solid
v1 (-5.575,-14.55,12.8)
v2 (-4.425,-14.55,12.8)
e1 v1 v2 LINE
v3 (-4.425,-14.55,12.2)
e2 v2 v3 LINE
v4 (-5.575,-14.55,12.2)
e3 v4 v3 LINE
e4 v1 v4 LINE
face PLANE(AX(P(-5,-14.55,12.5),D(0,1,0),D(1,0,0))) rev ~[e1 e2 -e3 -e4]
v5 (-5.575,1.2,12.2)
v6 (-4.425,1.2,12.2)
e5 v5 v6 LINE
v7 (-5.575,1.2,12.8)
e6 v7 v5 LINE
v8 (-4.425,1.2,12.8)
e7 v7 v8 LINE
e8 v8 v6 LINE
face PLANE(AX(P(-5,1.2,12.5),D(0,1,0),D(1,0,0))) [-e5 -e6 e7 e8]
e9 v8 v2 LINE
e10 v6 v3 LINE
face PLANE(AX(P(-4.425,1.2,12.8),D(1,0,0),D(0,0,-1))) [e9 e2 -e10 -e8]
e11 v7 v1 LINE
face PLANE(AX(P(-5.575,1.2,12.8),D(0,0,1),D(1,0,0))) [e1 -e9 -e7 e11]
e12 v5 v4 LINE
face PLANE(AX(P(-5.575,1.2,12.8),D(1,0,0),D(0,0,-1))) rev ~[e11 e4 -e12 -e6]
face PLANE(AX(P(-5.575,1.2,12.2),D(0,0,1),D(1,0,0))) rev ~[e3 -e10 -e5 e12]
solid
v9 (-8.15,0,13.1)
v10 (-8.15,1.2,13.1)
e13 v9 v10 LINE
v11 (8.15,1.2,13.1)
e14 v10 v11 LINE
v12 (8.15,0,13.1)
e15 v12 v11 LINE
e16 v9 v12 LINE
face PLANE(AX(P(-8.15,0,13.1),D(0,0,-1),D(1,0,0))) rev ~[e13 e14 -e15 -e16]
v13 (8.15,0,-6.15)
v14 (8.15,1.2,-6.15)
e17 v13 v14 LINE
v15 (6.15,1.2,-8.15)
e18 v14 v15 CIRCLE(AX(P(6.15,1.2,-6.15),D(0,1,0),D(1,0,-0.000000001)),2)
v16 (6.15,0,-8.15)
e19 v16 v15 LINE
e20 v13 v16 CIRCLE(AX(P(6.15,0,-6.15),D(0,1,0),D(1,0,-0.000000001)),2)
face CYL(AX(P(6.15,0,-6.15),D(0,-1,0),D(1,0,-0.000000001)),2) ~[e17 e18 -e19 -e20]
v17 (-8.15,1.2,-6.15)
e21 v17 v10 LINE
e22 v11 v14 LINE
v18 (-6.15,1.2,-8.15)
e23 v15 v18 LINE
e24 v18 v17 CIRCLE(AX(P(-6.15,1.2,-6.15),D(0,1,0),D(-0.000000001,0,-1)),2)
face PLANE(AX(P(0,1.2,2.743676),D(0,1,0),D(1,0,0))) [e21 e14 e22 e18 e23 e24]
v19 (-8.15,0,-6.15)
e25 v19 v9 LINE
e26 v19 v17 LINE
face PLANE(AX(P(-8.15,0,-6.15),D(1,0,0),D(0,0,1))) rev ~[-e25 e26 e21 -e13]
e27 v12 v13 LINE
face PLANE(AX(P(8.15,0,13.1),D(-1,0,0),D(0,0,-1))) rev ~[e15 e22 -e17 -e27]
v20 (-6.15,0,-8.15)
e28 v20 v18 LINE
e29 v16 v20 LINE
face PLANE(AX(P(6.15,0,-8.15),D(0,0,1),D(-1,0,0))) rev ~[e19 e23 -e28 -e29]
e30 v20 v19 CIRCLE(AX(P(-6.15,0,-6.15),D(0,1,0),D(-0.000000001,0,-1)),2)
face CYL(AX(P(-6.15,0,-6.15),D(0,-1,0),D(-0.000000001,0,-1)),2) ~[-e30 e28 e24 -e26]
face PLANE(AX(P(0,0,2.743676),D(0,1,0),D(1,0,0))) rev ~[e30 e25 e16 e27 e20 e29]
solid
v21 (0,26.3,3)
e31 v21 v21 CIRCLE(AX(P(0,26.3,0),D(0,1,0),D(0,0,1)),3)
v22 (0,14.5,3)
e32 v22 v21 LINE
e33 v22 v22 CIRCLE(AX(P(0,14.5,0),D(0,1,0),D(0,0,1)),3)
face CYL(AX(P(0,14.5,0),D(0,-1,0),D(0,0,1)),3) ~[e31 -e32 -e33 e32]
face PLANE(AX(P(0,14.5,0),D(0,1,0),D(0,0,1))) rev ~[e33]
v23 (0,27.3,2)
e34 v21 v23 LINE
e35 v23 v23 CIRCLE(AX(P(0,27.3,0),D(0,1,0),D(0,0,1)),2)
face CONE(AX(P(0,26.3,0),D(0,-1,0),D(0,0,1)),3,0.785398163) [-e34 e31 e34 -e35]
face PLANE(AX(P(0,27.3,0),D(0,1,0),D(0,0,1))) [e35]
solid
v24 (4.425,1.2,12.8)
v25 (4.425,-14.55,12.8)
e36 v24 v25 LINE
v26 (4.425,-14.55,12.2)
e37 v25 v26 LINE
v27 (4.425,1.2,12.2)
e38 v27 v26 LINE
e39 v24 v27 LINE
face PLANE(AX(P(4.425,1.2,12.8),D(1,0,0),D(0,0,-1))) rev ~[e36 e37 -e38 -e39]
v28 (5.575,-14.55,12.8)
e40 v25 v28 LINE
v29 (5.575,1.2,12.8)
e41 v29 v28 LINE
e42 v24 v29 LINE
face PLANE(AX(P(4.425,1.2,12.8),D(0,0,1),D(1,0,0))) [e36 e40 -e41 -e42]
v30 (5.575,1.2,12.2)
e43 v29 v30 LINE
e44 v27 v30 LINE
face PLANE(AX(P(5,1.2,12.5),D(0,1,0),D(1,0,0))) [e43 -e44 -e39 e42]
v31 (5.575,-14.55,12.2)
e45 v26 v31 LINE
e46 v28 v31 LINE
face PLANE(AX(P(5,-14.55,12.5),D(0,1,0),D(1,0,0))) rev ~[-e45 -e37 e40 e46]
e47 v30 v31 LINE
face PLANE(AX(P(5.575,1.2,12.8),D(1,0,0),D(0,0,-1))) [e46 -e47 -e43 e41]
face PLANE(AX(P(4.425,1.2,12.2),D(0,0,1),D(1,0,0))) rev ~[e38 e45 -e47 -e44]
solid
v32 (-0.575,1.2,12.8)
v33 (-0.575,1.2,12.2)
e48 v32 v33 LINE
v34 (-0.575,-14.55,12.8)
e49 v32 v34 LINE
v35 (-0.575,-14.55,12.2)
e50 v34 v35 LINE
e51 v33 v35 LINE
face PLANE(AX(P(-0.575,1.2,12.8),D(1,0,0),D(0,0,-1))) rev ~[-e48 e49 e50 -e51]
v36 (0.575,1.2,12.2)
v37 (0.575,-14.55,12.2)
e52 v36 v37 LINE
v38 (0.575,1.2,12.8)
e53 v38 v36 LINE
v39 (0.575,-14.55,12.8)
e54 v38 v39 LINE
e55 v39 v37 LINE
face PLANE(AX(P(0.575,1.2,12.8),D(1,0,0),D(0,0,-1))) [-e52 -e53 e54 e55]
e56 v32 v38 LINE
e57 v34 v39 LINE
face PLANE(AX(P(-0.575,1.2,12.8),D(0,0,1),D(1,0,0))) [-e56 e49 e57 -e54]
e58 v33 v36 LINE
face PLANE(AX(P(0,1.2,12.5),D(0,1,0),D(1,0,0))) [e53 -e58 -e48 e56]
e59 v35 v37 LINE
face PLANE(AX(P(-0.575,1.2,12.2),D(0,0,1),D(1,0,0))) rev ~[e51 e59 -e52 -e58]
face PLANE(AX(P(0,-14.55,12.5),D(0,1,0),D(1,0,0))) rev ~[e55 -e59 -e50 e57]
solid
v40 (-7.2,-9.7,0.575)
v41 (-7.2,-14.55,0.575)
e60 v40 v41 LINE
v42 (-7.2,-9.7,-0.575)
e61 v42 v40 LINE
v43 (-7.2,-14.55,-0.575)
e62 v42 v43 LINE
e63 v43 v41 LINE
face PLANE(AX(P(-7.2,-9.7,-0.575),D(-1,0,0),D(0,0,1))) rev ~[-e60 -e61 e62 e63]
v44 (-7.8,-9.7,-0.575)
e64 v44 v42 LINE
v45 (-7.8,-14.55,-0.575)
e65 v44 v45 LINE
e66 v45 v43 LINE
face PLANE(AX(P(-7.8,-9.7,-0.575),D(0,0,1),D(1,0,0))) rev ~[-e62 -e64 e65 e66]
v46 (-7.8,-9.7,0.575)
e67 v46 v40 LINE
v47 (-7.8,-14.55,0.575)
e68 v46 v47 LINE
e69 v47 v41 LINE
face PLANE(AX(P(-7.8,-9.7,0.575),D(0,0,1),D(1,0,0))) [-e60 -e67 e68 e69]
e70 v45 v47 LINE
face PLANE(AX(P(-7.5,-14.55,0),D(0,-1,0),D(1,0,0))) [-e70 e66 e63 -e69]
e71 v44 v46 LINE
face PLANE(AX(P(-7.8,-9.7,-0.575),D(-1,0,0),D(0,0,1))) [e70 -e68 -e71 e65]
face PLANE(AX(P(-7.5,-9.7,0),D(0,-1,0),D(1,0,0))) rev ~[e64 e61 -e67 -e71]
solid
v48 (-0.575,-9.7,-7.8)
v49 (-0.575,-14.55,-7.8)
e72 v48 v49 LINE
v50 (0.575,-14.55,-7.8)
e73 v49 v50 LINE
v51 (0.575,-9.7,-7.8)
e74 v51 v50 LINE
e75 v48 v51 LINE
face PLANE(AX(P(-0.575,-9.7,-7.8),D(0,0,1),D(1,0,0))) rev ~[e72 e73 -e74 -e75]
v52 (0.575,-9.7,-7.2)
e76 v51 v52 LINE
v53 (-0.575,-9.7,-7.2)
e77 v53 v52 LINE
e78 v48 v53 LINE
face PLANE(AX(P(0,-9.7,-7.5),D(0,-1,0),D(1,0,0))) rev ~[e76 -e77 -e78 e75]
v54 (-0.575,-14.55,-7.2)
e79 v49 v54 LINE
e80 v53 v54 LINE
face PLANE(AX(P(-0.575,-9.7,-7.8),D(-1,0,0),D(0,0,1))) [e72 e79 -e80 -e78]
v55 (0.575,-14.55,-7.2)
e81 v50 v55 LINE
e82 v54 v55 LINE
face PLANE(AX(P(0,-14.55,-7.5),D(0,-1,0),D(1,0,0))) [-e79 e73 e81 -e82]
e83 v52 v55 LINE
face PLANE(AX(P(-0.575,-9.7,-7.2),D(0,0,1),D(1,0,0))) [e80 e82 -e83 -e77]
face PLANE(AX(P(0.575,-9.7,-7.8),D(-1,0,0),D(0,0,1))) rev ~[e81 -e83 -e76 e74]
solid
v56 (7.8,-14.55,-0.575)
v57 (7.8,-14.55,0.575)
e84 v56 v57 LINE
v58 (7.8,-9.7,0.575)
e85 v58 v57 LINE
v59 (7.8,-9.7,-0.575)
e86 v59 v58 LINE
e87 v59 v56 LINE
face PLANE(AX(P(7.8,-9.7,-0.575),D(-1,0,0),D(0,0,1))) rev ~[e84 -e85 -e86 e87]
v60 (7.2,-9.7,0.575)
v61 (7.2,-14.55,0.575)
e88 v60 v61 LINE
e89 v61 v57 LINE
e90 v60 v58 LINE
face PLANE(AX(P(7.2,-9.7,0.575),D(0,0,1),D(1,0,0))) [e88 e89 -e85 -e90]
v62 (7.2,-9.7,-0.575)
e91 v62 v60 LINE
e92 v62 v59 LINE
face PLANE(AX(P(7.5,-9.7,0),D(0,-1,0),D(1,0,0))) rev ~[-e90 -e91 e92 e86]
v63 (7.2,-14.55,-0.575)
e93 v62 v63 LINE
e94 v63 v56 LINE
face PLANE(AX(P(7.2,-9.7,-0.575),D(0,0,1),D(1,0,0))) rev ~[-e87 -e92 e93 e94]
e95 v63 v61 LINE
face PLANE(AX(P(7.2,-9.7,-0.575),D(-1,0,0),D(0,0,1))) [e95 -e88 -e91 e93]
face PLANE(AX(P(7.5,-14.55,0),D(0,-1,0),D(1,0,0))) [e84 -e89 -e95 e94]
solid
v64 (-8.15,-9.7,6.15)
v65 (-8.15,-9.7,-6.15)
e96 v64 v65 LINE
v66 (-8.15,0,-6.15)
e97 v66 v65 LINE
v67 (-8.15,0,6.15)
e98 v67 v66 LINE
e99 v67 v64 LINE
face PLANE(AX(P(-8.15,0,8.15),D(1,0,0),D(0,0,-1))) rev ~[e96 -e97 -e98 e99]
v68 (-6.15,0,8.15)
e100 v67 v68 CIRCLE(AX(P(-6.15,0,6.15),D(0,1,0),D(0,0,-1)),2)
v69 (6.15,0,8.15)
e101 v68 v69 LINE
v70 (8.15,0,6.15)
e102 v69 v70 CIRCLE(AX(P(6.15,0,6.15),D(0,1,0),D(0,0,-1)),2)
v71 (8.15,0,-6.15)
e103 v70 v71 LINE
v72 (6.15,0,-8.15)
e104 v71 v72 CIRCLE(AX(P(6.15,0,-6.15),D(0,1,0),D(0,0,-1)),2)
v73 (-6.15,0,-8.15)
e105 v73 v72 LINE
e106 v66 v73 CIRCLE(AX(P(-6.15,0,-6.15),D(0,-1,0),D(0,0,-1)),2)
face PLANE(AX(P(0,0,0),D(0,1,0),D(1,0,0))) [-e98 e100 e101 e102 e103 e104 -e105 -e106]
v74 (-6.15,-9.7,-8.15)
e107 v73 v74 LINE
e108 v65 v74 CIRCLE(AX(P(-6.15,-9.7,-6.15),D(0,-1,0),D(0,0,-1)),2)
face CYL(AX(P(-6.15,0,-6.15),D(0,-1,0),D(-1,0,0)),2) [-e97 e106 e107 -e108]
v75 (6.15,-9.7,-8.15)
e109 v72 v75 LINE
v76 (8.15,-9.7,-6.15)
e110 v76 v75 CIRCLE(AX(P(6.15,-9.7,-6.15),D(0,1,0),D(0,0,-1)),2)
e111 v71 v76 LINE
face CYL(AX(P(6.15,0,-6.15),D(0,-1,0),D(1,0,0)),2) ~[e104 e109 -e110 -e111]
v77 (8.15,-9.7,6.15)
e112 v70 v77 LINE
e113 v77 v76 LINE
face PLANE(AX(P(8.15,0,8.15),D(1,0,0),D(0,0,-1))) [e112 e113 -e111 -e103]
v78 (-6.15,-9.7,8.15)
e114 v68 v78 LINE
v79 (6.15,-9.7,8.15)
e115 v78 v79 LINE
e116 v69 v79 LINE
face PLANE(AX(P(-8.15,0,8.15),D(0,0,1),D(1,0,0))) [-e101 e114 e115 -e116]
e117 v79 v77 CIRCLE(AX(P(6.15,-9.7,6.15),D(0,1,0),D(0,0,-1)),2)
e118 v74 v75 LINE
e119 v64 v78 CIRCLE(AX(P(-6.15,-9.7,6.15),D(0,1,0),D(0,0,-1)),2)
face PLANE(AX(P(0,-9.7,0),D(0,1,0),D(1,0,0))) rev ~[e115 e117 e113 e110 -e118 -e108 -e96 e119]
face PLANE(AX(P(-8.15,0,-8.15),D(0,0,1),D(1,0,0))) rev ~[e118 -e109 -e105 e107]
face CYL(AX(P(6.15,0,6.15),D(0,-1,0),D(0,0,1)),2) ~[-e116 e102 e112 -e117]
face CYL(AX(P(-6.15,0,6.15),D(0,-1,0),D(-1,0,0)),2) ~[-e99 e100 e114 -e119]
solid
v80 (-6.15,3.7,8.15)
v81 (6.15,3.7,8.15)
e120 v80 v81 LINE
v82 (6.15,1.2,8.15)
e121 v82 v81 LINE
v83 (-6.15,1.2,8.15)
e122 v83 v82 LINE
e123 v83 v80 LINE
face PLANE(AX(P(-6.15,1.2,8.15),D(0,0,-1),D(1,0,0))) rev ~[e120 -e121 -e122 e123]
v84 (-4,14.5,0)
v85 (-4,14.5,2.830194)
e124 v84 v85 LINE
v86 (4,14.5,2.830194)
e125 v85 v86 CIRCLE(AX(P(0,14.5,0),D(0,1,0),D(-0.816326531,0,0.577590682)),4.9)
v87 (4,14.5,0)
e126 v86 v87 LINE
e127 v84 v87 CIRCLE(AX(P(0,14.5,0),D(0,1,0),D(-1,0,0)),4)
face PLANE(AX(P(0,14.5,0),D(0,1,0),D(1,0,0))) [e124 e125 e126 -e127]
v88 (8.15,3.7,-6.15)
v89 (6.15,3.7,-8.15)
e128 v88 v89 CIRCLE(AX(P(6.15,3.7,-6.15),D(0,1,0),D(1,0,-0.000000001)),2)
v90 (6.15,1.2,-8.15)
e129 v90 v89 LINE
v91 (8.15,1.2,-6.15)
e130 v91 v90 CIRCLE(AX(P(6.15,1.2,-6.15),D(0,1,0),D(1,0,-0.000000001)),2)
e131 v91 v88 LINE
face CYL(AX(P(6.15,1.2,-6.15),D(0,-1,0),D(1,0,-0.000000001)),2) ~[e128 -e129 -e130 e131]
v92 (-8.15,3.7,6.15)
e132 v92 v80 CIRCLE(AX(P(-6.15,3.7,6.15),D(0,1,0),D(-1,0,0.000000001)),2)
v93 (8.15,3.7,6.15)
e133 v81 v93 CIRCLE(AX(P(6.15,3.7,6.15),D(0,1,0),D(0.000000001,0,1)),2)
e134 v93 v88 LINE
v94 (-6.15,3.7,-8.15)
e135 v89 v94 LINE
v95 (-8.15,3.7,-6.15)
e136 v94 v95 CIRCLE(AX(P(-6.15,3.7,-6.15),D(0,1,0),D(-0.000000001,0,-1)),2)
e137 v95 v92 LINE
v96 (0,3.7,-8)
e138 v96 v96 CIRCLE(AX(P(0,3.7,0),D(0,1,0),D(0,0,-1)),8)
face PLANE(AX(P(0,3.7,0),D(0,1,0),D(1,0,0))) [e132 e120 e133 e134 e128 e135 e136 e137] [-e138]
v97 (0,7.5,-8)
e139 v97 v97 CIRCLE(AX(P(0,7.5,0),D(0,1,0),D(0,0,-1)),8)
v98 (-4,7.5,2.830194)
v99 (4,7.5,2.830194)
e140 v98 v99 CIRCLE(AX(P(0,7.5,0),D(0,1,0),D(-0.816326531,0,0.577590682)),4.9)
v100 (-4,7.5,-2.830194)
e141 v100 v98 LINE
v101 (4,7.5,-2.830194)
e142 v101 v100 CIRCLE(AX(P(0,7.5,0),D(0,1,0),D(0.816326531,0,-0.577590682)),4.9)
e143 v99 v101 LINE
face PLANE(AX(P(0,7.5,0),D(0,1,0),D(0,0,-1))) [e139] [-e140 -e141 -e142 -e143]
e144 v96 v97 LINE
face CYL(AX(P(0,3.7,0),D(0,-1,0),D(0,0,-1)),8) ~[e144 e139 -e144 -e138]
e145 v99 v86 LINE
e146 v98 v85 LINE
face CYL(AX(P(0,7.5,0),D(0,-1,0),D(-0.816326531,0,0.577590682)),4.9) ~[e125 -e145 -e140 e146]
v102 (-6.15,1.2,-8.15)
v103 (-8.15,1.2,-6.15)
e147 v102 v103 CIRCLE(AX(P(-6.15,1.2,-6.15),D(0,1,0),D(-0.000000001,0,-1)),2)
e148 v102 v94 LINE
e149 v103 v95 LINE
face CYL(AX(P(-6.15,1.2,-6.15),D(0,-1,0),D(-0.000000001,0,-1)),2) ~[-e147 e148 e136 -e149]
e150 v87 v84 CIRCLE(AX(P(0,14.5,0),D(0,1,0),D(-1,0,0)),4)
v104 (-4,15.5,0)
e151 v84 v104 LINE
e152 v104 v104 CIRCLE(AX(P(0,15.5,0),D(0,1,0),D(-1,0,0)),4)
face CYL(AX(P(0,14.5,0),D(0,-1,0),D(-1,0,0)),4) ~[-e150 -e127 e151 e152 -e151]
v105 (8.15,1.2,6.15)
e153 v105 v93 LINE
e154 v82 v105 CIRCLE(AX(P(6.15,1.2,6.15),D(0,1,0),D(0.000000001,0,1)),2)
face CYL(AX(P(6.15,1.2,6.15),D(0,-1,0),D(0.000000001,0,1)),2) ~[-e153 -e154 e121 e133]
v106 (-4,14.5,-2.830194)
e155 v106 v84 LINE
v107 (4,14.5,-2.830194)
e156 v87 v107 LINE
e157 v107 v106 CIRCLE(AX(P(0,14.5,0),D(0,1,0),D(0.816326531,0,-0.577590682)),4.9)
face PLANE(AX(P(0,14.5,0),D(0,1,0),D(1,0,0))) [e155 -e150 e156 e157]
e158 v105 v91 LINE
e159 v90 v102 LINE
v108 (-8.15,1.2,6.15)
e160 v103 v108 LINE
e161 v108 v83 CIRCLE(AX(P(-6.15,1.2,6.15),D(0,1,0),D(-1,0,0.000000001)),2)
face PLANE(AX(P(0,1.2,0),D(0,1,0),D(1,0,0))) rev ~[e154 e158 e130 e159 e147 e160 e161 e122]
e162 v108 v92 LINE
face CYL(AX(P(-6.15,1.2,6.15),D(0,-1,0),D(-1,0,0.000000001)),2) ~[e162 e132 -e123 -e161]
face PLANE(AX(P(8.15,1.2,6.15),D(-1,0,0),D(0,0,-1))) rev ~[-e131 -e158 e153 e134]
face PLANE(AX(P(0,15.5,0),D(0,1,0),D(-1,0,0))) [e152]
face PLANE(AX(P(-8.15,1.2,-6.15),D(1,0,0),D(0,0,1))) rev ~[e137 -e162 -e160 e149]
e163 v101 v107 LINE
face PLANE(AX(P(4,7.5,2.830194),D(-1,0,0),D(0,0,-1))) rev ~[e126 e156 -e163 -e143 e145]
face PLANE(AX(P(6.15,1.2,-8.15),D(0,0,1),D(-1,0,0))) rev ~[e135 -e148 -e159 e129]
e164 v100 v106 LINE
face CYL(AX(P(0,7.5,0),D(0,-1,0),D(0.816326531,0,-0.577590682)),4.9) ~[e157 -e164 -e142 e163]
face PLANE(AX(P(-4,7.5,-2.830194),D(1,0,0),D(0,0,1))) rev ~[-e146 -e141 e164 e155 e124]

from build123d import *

# Parameters (mm, degrees)
CROQUIS1_W                   = 16.3
CROQUIS1_H                   = 16.3
SALIENTE_EXTRUIR1_DEPTH      = 9.7
REDONDEO1_R                  = 2
SALIENTE_EXTRUIR2_DEPTH      = 1.2
SALIENTE_EXTRUIR3_DEPTH      = 2.5
CROQUIS4_R                   = 8
SALIENTE_EXTRUIR4_DEPTH      = 3.8
SALIENTE_EXTRUIR5_DEPTH      = 7
CROQUIS7_R                   = 4
SALIENTE_EXTRUIR6_DEPTH      = 1
SALIENTE_EXTRUIR7_DEPTH      = 11.8
SALIENTE_EXTRUIR7_DEPTH_BACK = 1
CROQUIS8_R                   = 3
CHAFL_N1_SIZE                = 1
CROQUIS9_W                   = 1.15
CROQUIS9_H                   = 0.6
SALIENTE_EXTRUIR8_DEPTH      = 4.85
CROQUIS9_W_2                 = 0.6
CROQUIS9_H_2                 = 1.15
SALIENTE_EXTRUIR8_2_DEPTH    = 4.85
SALIENTE_EXTRUIR8_3_DEPTH    = 4.85
CROQUIS10_W                  = 1.15
CROQUIS10_H                  = 0.6
SALIENTE_EXTRUIR9_DEPTH      = 15.75
SALIENTE_EXTRUIR9_2_DEPTH    = 15.75
SALIENTE_EXTRUIR9_3_DEPTH    = 15.75


with BuildPart() as part:
    # Croquis1 → Saliente-Extruir1 (new body)
    with BuildSketch(Plane(origin=(0, 0, 0), x_dir=(1, 0, 0), z_dir=(0, 1, 0))):
        Rectangle(CROQUIS1_W, CROQUIS1_H)
    extrude(amount=-SALIENTE_EXTRUIR1_DEPTH)

    # Redondeo1
    redondeo1_edges = [part.edges().sort_by_distance(p)[0] for p in [
        (8.15, -4.85, 8.15),
        (-8.15, -4.85, 8.15),
        (-8.15, -4.85, -8.15),
        (8.15, -4.85, -8.15),
    ]]
    fillet(redondeo1_edges, radius=REDONDEO1_R)


with BuildPart() as body_2:
    # Croquis2 → Saliente-Extruir2 (new body)
    with BuildSketch(Plane(origin=(0, 0, 0), x_dir=(1, 0, 0), z_dir=(0, 1, 0))):
        with BuildLine():
            Line((-8.15, -13.1), (8.15, -13.1))
            Line((8.15, -13.1), (8.15, 6.15))
            ThreePointArc((8.15, 6.15), (7.564213562, 7.564213562), (6.15, 8.15))
            Line((6.15, 8.15), (-6.15, 8.15))
            ThreePointArc((-6.15, 8.15), (-7.564213562, 7.564213562), (-8.15, 6.15))
            Line((-8.15, 6.15), (-8.15, -13.1))
        make_face()
    extrude(amount=SALIENTE_EXTRUIR2_DEPTH)


with BuildPart() as body_3:
    # Croquis3 → Saliente-Extruir3 (new body)
    with BuildSketch(Plane(origin=(0, 1.2, 0), x_dir=(1, 0, 0), z_dir=(0, 1, 0))):
        with BuildLine():
            Line((8.15, -6.15), (8.15, 6.15))
            ThreePointArc((8.15, 6.15), (7.564213562, 7.564213562), (6.15, 8.15))
            Line((6.15, 8.15), (-6.15, 8.15))
            ThreePointArc((-6.15, 8.15), (-7.564213562, 7.564213562), (-8.15, 6.15))
            Line((-8.15, 6.15), (-8.15, -6.15))
            ThreePointArc((-8.15, -6.15), (-7.564213562, -7.564213562), (-6.15, -8.15))
            Line((-6.15, -8.15), (6.15, -8.15))
            ThreePointArc((6.15, -8.15), (7.564213562, -7.564213562), (8.15, -6.15))
        make_face()
    extrude(amount=SALIENTE_EXTRUIR3_DEPTH)

    # Croquis4 → Saliente-Extruir4 (add)
    with BuildSketch(Plane(origin=(0, 3.7, 0), x_dir=(1, 0, 0), z_dir=(0, 1, 0))):
        with Locations(Location((0, 0, 0), (0, 0, 90))):
            Circle(CROQUIS4_R)
    extrude(amount=SALIENTE_EXTRUIR4_DEPTH)

    # Croquis6 → Saliente-Extruir5 (add)
    with BuildSketch(Plane(origin=(0, 7.5, 0), x_dir=(1, 0, 0), z_dir=(0, 1, 0))):
        with BuildLine():
            Line((-4, 2.83019434), (-4, -2.83019434))
            ThreePointArc((-4, -2.83019434), (0, -4.9), (4, -2.83019434))
            Line((4, -2.83019434), (4, 2.83019434))
            ThreePointArc((4, 2.83019434), (0, 4.9), (-4, 2.83019434))
        make_face()
    extrude(amount=SALIENTE_EXTRUIR5_DEPTH)

    # Croquis7 → Saliente-Extruir6 (add)
    with BuildSketch(Plane(origin=(0, 14.5, 0), x_dir=(1, 0, 0), z_dir=(0, 1, 0))):
        with Locations(Location((0, 0, 0), (0, 0, 180))):
            Circle(CROQUIS7_R)
    extrude(amount=SALIENTE_EXTRUIR6_DEPTH)


with BuildPart() as body_4:
    # Croquis8 → Saliente-Extruir7 (new, two sides: drawn at the far end of the back side and taken through both)
    with BuildSketch(Plane(origin=(0, 15.5, 0), x_dir=(1, 0, 0), z_dir=(0, 1, 0)).offset(-SALIENTE_EXTRUIR7_DEPTH_BACK)):
        with Locations(Location((0, 0, 0), (0, 0, 270))):
            Circle(CROQUIS8_R)
    extrude(amount=SALIENTE_EXTRUIR7_DEPTH + SALIENTE_EXTRUIR7_DEPTH_BACK)

    # Chaflán1
    chafl_n1_edges = [body_4.edges().sort_by_distance(p)[0] for p in [
        (0, 27.3, -3),
    ]]
    chamfer(chafl_n1_edges, length=CHAFL_N1_SIZE)


with BuildPart() as body_5:
    # Croquis9 → Saliente-Extruir8 (new body)
    with BuildSketch(Plane.XZ.offset(9.7)):
        with Locations((0, -7.5)):
            Rectangle(CROQUIS9_W, CROQUIS9_H)
    extrude(amount=SALIENTE_EXTRUIR8_DEPTH)


with BuildPart() as body_6:
    # Croquis9 → Saliente-Extruir8 2 (new body)
    with BuildSketch(Plane.XZ.offset(9.7)):
        with Locations((7.5, 0)):
            Rectangle(CROQUIS9_W_2, CROQUIS9_H_2)
    extrude(amount=SALIENTE_EXTRUIR8_2_DEPTH)


with BuildPart() as body_7:
    # Croquis9 → Saliente-Extruir8 3 (new body)
    with BuildSketch(Plane.XZ.offset(9.7)):
        with Locations((-7.5, 0)):
            Rectangle(CROQUIS9_W_2, CROQUIS9_H_2)
    extrude(amount=SALIENTE_EXTRUIR8_3_DEPTH)


with BuildPart() as body_8:
    # Croquis10 → Saliente-Extruir9 (new body)
    with BuildSketch(Plane(origin=(0, 1.2, 0), x_dir=(1, 0, 0), z_dir=(0, 1, 0))):
        with Locations((-5, -12.5)):
            Rectangle(CROQUIS10_W, CROQUIS10_H)
    extrude(amount=-SALIENTE_EXTRUIR9_DEPTH)


with BuildPart() as body_9:
    # Croquis10 → Saliente-Extruir9 2 (new body)
    with BuildSketch(Plane(origin=(0, 1.2, 0), x_dir=(1, 0, 0), z_dir=(0, 1, 0))):
        with Locations((5, -12.5)):
            Rectangle(CROQUIS10_W, CROQUIS10_H)
    extrude(amount=-SALIENTE_EXTRUIR9_2_DEPTH)


with BuildPart() as body_10:
    # Croquis10 → Saliente-Extruir9 3 (new body)
    with BuildSketch(Plane(origin=(0, 1.2, 0), x_dir=(1, 0, 0), z_dir=(0, 1, 0))):
        with Locations((0, -12.5)):
            Rectangle(CROQUIS10_W, CROQUIS10_H)
    extrude(amount=-SALIENTE_EXTRUIR9_3_DEPTH)


solid = Compound([part.part, body_2.part, body_3.part, body_4.part, body_5.part, body_6.part, body_7.part, body_8.part, body_9.part, body_10.part])
